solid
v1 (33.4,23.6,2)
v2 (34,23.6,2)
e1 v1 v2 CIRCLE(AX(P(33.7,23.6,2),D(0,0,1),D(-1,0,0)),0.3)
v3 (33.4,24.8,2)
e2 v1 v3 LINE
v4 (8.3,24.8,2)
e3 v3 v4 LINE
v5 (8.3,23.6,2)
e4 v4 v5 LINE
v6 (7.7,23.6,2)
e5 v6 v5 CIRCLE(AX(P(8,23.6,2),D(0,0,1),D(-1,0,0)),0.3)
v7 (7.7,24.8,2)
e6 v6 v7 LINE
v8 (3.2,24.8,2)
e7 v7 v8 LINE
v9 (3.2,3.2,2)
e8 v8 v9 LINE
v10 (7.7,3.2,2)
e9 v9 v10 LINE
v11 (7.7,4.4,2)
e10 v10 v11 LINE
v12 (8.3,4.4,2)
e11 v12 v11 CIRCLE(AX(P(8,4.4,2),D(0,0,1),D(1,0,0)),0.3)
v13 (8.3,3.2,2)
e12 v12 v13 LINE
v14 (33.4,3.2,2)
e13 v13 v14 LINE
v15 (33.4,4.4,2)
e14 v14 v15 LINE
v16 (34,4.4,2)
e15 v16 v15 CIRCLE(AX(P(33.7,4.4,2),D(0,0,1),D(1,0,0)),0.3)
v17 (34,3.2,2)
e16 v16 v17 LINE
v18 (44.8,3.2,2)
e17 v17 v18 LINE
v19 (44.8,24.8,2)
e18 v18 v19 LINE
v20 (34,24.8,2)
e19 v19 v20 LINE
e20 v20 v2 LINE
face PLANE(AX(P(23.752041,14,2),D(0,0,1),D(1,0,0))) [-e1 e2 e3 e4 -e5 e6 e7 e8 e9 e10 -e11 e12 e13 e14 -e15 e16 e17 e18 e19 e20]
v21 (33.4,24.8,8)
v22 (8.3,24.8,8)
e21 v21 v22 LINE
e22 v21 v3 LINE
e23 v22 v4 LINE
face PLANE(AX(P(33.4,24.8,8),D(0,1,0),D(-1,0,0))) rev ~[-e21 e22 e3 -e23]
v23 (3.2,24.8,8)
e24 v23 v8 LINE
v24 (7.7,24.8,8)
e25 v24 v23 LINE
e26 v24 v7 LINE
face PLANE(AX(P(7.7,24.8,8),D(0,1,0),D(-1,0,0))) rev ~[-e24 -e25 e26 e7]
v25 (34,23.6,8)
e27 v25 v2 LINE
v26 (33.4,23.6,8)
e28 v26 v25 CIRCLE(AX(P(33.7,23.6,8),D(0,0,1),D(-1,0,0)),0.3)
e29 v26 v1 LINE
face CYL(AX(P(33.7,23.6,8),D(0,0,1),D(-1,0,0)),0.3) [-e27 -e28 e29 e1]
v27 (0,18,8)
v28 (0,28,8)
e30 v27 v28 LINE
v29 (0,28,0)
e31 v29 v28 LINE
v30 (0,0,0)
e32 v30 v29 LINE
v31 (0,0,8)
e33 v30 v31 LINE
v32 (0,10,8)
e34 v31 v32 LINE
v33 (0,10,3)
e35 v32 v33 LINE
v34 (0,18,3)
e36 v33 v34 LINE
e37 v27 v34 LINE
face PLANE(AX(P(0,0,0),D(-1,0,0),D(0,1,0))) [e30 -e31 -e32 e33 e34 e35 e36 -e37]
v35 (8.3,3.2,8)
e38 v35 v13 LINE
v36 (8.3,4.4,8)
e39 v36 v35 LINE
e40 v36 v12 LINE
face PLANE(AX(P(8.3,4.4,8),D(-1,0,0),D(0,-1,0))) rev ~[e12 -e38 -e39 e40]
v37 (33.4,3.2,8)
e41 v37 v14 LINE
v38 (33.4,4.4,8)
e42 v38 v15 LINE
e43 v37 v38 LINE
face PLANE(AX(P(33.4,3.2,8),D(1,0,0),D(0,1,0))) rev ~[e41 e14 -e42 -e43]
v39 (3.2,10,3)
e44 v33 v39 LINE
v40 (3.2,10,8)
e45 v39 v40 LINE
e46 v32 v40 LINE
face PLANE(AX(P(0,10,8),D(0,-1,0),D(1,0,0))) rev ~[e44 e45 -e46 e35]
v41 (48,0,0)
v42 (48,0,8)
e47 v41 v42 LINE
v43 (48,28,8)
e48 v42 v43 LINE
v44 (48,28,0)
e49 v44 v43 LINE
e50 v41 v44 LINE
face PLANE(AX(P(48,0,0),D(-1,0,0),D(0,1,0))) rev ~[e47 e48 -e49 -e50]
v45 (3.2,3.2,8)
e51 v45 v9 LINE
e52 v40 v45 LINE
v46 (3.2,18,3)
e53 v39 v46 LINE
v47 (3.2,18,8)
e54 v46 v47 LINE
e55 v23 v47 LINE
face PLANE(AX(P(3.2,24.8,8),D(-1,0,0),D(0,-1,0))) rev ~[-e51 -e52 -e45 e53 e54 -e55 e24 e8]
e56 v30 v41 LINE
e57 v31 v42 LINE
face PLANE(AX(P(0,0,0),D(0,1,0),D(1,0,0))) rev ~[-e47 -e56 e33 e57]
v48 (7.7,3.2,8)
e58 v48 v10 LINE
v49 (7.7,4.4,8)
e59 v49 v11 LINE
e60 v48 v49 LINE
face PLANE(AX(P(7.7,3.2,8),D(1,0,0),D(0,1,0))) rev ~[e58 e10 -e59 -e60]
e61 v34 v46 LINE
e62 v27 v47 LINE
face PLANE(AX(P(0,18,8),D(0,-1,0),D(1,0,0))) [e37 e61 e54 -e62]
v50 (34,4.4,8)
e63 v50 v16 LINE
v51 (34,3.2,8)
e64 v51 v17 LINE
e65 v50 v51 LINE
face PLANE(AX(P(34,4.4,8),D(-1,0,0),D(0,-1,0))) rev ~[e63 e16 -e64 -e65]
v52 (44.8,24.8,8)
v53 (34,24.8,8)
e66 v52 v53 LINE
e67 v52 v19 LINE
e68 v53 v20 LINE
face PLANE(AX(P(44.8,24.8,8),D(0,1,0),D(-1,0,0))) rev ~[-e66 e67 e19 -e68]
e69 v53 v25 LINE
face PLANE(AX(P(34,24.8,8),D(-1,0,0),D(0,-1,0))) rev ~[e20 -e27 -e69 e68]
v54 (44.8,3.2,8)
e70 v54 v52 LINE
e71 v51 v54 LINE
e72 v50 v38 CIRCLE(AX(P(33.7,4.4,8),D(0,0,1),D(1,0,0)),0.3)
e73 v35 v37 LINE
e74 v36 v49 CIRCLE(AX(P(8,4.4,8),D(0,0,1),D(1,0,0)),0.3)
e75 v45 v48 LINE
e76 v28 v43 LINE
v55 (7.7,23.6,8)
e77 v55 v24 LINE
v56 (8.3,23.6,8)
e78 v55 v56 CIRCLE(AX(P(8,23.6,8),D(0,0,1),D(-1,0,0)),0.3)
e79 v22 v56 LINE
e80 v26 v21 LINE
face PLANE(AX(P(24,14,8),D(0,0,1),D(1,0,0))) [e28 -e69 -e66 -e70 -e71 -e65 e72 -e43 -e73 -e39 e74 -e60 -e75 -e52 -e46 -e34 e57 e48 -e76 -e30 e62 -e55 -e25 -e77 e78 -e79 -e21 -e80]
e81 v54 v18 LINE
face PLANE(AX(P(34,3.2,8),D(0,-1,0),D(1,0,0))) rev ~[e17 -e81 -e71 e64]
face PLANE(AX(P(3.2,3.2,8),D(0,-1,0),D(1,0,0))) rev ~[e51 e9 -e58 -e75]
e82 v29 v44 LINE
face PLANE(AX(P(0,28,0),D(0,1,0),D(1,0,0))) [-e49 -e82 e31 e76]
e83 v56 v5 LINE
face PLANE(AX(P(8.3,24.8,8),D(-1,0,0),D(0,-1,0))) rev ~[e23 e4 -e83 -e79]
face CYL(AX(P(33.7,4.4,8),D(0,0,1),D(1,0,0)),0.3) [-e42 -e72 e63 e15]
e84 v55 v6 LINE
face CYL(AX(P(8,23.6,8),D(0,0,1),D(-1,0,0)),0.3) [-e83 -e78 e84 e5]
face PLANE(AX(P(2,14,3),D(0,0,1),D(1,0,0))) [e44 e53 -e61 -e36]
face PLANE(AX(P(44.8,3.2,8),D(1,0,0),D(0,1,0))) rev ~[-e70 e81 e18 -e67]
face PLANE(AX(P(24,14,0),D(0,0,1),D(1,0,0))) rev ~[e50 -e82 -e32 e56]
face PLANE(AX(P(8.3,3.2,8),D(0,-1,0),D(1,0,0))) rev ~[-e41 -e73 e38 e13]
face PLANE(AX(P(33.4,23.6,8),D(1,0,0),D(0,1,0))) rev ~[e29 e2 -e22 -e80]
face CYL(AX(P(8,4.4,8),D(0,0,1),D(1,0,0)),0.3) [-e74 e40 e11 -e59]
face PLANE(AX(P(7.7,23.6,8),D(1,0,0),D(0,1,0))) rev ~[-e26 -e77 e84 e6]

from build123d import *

# Parameters (mm, degrees)
SKETCH_W        = 48
SKETCH_H        = 28
PAD_DEPTH       = 8
POCKET_DEPTH    = 6
SKETCH002_W     = 4
SKETCH002_H     = 8
POCKET001_DEPTH = 5


with BuildPart() as part:
    # Sketch → Pad (new body)
    with BuildSketch(Plane.XY):
        with Locations((24, 14)):
            Rectangle(SKETCH_W, SKETCH_H)
    extrude(amount=PAD_DEPTH)

    # Sketch001 → Pocket (cut)
    with BuildSketch(Plane.XY.offset(8)):
        with BuildLine():
            Line((3.2, 3.2), (7.7, 3.2))
            Line((7.7, 3.2), (7.7, 4.4))
            ThreePointArc((8.3, 4.4), (8, 4.7), (7.7, 4.4))
            Line((8.3, 4.4), (8.3, 3.2))
            Line((8.3, 3.2), (33.4, 3.2))
            Line((33.4, 3.2), (33.4, 4.4))
            ThreePointArc((34, 4.4), (33.7, 4.7), (33.4, 4.4))
            Line((34, 4.4), (34, 3.2))
            Line((34, 3.2), (44.8, 3.2))
            Line((44.8, 3.2), (44.8, 24.8))
            Line((44.8, 24.8), (34, 24.8))
            Line((34, 24.8), (34, 23.6))
            ThreePointArc((33.4, 23.6), (33.7, 23.3), (34, 23.6))
            Line((33.4, 23.6), (33.4, 24.8))
            Line((33.4, 24.8), (8.3, 24.8))
            Line((8.3, 24.8), (8.3, 23.6))
            ThreePointArc((7.7, 23.6), (8, 23.3), (8.3, 23.6))
            Line((7.7, 23.6), (7.7, 24.8))
            Line((7.7, 24.8), (3.2, 24.8))
            Line((3.2, 24.8), (3.2, 3.2))
        make_face()
    extrude(amount=-POCKET_DEPTH, mode=Mode.SUBTRACT)

    # Sketch002 → Pocket001 (cut)
    with BuildSketch(Plane.XY.offset(8)):
        with Locations((2, 14)):
            Rectangle(SKETCH002_W, SKETCH002_H)
    extrude(amount=-POCKET001_DEPTH, mode=Mode.SUBTRACT)


solid = part.part
